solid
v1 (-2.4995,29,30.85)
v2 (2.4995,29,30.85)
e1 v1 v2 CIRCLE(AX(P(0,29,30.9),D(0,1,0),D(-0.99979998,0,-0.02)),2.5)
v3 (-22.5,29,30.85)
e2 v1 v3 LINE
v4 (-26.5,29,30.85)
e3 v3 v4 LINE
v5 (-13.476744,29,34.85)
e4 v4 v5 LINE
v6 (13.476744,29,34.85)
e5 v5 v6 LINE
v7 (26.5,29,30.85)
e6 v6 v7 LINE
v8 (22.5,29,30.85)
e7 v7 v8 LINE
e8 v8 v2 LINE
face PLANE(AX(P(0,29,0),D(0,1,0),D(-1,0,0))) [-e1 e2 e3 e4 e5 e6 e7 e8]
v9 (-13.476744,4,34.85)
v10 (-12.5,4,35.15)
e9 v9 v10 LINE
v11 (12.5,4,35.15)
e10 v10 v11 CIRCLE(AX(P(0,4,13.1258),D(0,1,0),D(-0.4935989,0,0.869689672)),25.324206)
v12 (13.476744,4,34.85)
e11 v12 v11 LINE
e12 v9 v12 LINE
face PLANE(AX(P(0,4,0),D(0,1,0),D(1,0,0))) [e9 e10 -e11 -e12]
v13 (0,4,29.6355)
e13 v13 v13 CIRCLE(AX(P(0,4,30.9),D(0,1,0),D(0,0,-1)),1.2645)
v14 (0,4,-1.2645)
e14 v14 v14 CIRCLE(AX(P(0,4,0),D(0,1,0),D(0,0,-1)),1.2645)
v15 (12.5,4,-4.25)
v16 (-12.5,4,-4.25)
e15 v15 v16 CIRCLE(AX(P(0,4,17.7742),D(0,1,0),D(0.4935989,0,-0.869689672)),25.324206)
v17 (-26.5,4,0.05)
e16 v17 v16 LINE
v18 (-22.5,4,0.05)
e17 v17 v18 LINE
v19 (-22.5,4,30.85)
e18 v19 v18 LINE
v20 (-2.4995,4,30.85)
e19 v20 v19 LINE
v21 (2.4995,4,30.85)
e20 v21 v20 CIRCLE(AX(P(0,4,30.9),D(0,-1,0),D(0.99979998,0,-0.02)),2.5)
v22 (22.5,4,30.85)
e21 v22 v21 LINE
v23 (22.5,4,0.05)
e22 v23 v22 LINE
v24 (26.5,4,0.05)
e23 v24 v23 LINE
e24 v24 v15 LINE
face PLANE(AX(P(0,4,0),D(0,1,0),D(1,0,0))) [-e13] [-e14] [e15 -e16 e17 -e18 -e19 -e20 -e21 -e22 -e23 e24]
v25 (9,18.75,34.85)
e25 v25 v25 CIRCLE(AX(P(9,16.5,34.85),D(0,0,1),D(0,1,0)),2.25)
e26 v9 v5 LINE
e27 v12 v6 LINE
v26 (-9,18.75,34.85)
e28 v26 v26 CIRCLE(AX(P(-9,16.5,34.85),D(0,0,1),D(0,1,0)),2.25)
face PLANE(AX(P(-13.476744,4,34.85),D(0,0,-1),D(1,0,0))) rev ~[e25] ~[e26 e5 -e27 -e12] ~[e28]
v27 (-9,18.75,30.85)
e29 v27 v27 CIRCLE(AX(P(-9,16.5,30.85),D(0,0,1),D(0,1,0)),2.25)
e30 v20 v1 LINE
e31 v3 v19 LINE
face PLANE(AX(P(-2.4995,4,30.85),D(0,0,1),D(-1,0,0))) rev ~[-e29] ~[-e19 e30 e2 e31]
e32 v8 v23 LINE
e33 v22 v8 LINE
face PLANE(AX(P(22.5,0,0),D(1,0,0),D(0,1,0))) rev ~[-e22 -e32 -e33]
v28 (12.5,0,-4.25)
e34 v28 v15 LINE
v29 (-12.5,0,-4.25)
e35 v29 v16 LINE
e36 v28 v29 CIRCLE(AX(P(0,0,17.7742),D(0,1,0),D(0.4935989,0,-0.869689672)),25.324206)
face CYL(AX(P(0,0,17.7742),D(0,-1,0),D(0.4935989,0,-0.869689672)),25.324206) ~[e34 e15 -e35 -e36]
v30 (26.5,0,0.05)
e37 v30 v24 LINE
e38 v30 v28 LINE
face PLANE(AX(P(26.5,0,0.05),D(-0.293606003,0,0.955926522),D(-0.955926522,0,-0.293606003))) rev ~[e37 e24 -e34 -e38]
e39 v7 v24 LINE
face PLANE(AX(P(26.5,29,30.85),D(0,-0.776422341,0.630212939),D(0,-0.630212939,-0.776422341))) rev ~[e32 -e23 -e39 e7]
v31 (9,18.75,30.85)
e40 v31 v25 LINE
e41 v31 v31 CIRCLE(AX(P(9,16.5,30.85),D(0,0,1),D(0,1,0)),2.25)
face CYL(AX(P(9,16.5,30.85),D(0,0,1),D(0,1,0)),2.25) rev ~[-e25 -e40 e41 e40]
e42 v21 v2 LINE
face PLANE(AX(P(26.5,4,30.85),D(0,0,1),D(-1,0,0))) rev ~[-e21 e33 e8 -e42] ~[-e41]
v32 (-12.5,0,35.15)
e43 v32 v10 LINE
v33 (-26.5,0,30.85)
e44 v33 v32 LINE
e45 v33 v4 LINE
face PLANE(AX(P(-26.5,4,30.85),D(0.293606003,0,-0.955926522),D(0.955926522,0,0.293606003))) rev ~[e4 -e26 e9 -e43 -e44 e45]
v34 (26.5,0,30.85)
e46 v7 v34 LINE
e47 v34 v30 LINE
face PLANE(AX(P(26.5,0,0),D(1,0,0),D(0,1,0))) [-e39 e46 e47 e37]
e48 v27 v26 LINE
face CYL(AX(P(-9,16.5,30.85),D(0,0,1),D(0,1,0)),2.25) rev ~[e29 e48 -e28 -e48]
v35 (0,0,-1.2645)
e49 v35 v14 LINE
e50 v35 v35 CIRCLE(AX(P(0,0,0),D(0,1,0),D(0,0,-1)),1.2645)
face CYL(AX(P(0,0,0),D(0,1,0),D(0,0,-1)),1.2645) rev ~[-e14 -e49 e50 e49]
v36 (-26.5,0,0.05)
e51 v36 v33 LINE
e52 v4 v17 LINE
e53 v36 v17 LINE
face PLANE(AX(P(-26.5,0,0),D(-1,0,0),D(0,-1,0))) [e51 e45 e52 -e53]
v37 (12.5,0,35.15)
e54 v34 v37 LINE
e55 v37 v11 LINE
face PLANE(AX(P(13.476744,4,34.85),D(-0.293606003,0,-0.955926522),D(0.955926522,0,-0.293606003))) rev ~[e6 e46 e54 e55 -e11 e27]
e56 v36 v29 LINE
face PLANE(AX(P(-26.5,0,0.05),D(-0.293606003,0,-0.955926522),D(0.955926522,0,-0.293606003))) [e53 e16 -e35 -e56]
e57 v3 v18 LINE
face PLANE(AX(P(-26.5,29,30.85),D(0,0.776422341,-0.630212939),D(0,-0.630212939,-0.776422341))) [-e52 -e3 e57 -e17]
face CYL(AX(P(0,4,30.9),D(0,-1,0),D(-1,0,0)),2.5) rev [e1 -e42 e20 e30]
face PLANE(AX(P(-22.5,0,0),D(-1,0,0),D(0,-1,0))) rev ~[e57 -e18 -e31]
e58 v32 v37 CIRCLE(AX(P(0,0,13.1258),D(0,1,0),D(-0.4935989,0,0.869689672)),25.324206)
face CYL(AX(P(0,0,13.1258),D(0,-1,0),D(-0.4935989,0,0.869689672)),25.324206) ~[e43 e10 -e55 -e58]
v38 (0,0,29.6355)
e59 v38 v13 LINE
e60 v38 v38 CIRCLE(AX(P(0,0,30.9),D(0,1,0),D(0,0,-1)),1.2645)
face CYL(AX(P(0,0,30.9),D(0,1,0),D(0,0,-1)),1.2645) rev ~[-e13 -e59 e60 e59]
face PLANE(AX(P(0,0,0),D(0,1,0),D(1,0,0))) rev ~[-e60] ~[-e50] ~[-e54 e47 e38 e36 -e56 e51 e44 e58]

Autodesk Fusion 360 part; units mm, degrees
sketch "Sketch1" plane through (0, 0, 0) normal (0, 1, 0) x (1, 0, 0)
  circle A0 centre (0, 0) radius 1.4
  circle A1 centre (0, -30.9) radius 1.4
  line L0 (0, -30.9) -> (0, 0) construction
  line L1 (-26.5, -15.45) -> (26.5, -15.45) construction
  line L2 (26.5, -0.05) -> (-26.5, -0.05)
  line L3 (-26.5, -0.05) -> (-26.5, -30.85)
  line L4 (-26.5, -30.85) -> (26.5, -30.85)
  line L5 (26.5, -30.85) -> (26.5, -0.05)
  line L6 (26.5, -0.05) -> (-26.5, -30.85) construction
  line L7 (-26.5, -0.05) -> (26.5, -30.85) construction
  line L8 (0, -38.45) -> (0, 7.55) construction
  line L9 (-26.5, -30.85) -> (-12.5, -35.15)
  line L10 (-12.5, -35.15) -> (0, -35.15)
  line L11 (26.5, -30.85) -> (12.5, -35.15)
  arc A2 (-12.5, -35.15) -> (12.5, -35.15) centre (0, -13.1258) ccw
  line L12 (-26.5, -0.05) -> (-12.5, 4.25)
  arc A3 (12.5, 4.25) -> (-12.5, 4.25) centre (0, -17.7742) ccw
  line L13 (26.5, -0.05) -> (12.5, 4.25)
  point P0 (0, -15.45)
  point P1 (0, -15.45)
  point P2 (0, -15.45)
  point P3 (0, -15.45)
  dimension "d1" = 2.8
  dimension "d2" = 2.8
  dimension "d3" = 30.9
  dimension "d4" = 53
  dimension "d5" = 53
  dimension "d6" = 30.8
  dimension "d7" = 14
  dimension "d8" = 19.7
  dimension "d9" = 46
extrude "Extrude1" add sketch "Sketch1" along normal blind 4
hole "Hole1" at (0, 0, 30.9) at (0, 0, 0) direction (0, 1, 0) diameter 2.529 end through all
thread "Thread1" "ISO Metric profile 3.0 M3x0.5 6H"
sketch "Sketch2" plane through (0, 4, 0) normal (0, 1, 0) x (-1, 0, 0)
  circle A0 centre (0, 30.9) radius 1.2645
  circle A1 centre (0, 0) radius 1.2645
  line L0 (-26.5, 30.85) -> (-26.5, 0.05)
  line L1 (-26.5, 0.05) -> (-12.5, -4.25)
  arc A2 (-12.5, -4.25) -> (12.5, -4.25) centre (0, 17.7742) ccw
  line L2 (12.5, -4.25) -> (26.5, 0.05)
  line L3 (26.5, 0.05) -> (26.5, 30.85)
  line L4 (26.5, 30.85) -> (12.5, 35.15)
  arc A3 (12.5, 35.15) -> (-12.5, 35.15) centre (0, 13.1258) ccw
  line L5 (-12.5, 35.15) -> (-26.5, 30.85)
  line L6 (-26.5, 30.85) -> (26.5, 30.85)
  line L7 (-26.5, 30.85) -> (26.5, 30.85)
  line L8 (26.5, 30.85) -> (26.5, 34.85)
  line L9 (26.5, 34.85) -> (-26.5, 34.85)
  line L10 (-26.5, 34.85) -> (-26.5, 30.85)
  circle A4 centre (0, 30.9) radius 2.5
  dimension "d20" = 4
  dimension "d21" = 5
extrude "Extrude2" add sketch "Sketch2" along normal blind 25 contours L4 L5 L6 L7 L9 A4
sketch "Sketch3" plane through (0, 0, 30.85) normal (0, 0, -1) x (1, 0, 0)
  line L0 (26.5, -4) -> (-26.5, -4)
  line L1 (-26.5, -4) -> (-26.5, -29)
  line L2 (-26.5, -29) -> (26.5, -29)
  line L3 (26.5, -29) -> (26.5, -4)
  line L4 (-26.5, -16.5) -> (26.5, -16.5)
  line L5 (-9, -16.5) -> (-9, -29)
  line L6 (9, -16.5) -> (9, -29)
  line L7 (26.5, -4) -> (2.4995, -4)
  line L8 (2.4995, -29) -> (26.5, -29)
  line L9 (26.5, -29) -> (26.5, -4)
  line L10 (2.4995, -4) -> (2.4995, -29)
  dimension "d18" = 17.5
  dimension "d19" = 17.5
hole "Hole2" at (-9, 16.5, 30.85) at (9, 16.5, 30.85) direction (0, 0, 1) diameter 4.5 depth 4 tip angle 118
sketch "Sketch4" plane through (-26.5, 0, 0) normal (-1, 0, 0) x (0, -1, 0)
  line L0 (0, 0.05) -> (0, 30.85)
  line L1 (0, 30.85) -> (-4, 30.85)
  line L2 (-4, 30.85) -> (-4, 0.05)
  line L3 (-4, 0.05) -> (0, 0.05)
  line L4 (0, 30.85) -> (0, 35.15)
  line L5 (0, 35.15) -> (-4, 35.15)
  line L6 (-4, 35.15) -> (-4, 34.85)
  line L7 (-4, 34.85) -> (-29, 34.85)
  line L8 (-29, 34.85) -> (-29, 30.85)
  line L9 (-29, 30.85) -> (-4, 30.85)
  line L10 (-4, 30.85) -> (0, 30.85)
  line L11 (-29, 30.85) -> (-4, 0.05)
sketch "Sketch5" plane through (26.5, 0, 0) normal (1, 0, 0) x (0, 1, 0)
  line L0 (0, 30.85) -> (0, 0.05)
  line L1 (0, 0.05) -> (4, 0.05)
  line L2 (4, 0.05) -> (4, 30.85)
  line L3 (4, 30.85) -> (0, 30.85)
  line L4 (0, 35.15) -> (0, 30.85)
  line L5 (0, 30.85) -> (4, 30.85)
  line L6 (4, 30.85) -> (29, 30.85)
  line L7 (29, 30.85) -> (29, 34.85)
  line L8 (29, 34.85) -> (4, 34.85)
  line L9 (4, 34.85) -> (4, 35.15)
  line L10 (4, 35.15) -> (0, 35.15)
  line L11 (29, 30.85) -> (4, 0.05)
extrude "Extrude3" add sketch "Sketch5" against normal blind 4 contours L2 L6 L11
extrude "Extrude4" add sketch "Sketch4" against normal blind 4 contours L2 L9 L11
equation "d8 = ( 39.4 / 2 ) * 1 mm"
